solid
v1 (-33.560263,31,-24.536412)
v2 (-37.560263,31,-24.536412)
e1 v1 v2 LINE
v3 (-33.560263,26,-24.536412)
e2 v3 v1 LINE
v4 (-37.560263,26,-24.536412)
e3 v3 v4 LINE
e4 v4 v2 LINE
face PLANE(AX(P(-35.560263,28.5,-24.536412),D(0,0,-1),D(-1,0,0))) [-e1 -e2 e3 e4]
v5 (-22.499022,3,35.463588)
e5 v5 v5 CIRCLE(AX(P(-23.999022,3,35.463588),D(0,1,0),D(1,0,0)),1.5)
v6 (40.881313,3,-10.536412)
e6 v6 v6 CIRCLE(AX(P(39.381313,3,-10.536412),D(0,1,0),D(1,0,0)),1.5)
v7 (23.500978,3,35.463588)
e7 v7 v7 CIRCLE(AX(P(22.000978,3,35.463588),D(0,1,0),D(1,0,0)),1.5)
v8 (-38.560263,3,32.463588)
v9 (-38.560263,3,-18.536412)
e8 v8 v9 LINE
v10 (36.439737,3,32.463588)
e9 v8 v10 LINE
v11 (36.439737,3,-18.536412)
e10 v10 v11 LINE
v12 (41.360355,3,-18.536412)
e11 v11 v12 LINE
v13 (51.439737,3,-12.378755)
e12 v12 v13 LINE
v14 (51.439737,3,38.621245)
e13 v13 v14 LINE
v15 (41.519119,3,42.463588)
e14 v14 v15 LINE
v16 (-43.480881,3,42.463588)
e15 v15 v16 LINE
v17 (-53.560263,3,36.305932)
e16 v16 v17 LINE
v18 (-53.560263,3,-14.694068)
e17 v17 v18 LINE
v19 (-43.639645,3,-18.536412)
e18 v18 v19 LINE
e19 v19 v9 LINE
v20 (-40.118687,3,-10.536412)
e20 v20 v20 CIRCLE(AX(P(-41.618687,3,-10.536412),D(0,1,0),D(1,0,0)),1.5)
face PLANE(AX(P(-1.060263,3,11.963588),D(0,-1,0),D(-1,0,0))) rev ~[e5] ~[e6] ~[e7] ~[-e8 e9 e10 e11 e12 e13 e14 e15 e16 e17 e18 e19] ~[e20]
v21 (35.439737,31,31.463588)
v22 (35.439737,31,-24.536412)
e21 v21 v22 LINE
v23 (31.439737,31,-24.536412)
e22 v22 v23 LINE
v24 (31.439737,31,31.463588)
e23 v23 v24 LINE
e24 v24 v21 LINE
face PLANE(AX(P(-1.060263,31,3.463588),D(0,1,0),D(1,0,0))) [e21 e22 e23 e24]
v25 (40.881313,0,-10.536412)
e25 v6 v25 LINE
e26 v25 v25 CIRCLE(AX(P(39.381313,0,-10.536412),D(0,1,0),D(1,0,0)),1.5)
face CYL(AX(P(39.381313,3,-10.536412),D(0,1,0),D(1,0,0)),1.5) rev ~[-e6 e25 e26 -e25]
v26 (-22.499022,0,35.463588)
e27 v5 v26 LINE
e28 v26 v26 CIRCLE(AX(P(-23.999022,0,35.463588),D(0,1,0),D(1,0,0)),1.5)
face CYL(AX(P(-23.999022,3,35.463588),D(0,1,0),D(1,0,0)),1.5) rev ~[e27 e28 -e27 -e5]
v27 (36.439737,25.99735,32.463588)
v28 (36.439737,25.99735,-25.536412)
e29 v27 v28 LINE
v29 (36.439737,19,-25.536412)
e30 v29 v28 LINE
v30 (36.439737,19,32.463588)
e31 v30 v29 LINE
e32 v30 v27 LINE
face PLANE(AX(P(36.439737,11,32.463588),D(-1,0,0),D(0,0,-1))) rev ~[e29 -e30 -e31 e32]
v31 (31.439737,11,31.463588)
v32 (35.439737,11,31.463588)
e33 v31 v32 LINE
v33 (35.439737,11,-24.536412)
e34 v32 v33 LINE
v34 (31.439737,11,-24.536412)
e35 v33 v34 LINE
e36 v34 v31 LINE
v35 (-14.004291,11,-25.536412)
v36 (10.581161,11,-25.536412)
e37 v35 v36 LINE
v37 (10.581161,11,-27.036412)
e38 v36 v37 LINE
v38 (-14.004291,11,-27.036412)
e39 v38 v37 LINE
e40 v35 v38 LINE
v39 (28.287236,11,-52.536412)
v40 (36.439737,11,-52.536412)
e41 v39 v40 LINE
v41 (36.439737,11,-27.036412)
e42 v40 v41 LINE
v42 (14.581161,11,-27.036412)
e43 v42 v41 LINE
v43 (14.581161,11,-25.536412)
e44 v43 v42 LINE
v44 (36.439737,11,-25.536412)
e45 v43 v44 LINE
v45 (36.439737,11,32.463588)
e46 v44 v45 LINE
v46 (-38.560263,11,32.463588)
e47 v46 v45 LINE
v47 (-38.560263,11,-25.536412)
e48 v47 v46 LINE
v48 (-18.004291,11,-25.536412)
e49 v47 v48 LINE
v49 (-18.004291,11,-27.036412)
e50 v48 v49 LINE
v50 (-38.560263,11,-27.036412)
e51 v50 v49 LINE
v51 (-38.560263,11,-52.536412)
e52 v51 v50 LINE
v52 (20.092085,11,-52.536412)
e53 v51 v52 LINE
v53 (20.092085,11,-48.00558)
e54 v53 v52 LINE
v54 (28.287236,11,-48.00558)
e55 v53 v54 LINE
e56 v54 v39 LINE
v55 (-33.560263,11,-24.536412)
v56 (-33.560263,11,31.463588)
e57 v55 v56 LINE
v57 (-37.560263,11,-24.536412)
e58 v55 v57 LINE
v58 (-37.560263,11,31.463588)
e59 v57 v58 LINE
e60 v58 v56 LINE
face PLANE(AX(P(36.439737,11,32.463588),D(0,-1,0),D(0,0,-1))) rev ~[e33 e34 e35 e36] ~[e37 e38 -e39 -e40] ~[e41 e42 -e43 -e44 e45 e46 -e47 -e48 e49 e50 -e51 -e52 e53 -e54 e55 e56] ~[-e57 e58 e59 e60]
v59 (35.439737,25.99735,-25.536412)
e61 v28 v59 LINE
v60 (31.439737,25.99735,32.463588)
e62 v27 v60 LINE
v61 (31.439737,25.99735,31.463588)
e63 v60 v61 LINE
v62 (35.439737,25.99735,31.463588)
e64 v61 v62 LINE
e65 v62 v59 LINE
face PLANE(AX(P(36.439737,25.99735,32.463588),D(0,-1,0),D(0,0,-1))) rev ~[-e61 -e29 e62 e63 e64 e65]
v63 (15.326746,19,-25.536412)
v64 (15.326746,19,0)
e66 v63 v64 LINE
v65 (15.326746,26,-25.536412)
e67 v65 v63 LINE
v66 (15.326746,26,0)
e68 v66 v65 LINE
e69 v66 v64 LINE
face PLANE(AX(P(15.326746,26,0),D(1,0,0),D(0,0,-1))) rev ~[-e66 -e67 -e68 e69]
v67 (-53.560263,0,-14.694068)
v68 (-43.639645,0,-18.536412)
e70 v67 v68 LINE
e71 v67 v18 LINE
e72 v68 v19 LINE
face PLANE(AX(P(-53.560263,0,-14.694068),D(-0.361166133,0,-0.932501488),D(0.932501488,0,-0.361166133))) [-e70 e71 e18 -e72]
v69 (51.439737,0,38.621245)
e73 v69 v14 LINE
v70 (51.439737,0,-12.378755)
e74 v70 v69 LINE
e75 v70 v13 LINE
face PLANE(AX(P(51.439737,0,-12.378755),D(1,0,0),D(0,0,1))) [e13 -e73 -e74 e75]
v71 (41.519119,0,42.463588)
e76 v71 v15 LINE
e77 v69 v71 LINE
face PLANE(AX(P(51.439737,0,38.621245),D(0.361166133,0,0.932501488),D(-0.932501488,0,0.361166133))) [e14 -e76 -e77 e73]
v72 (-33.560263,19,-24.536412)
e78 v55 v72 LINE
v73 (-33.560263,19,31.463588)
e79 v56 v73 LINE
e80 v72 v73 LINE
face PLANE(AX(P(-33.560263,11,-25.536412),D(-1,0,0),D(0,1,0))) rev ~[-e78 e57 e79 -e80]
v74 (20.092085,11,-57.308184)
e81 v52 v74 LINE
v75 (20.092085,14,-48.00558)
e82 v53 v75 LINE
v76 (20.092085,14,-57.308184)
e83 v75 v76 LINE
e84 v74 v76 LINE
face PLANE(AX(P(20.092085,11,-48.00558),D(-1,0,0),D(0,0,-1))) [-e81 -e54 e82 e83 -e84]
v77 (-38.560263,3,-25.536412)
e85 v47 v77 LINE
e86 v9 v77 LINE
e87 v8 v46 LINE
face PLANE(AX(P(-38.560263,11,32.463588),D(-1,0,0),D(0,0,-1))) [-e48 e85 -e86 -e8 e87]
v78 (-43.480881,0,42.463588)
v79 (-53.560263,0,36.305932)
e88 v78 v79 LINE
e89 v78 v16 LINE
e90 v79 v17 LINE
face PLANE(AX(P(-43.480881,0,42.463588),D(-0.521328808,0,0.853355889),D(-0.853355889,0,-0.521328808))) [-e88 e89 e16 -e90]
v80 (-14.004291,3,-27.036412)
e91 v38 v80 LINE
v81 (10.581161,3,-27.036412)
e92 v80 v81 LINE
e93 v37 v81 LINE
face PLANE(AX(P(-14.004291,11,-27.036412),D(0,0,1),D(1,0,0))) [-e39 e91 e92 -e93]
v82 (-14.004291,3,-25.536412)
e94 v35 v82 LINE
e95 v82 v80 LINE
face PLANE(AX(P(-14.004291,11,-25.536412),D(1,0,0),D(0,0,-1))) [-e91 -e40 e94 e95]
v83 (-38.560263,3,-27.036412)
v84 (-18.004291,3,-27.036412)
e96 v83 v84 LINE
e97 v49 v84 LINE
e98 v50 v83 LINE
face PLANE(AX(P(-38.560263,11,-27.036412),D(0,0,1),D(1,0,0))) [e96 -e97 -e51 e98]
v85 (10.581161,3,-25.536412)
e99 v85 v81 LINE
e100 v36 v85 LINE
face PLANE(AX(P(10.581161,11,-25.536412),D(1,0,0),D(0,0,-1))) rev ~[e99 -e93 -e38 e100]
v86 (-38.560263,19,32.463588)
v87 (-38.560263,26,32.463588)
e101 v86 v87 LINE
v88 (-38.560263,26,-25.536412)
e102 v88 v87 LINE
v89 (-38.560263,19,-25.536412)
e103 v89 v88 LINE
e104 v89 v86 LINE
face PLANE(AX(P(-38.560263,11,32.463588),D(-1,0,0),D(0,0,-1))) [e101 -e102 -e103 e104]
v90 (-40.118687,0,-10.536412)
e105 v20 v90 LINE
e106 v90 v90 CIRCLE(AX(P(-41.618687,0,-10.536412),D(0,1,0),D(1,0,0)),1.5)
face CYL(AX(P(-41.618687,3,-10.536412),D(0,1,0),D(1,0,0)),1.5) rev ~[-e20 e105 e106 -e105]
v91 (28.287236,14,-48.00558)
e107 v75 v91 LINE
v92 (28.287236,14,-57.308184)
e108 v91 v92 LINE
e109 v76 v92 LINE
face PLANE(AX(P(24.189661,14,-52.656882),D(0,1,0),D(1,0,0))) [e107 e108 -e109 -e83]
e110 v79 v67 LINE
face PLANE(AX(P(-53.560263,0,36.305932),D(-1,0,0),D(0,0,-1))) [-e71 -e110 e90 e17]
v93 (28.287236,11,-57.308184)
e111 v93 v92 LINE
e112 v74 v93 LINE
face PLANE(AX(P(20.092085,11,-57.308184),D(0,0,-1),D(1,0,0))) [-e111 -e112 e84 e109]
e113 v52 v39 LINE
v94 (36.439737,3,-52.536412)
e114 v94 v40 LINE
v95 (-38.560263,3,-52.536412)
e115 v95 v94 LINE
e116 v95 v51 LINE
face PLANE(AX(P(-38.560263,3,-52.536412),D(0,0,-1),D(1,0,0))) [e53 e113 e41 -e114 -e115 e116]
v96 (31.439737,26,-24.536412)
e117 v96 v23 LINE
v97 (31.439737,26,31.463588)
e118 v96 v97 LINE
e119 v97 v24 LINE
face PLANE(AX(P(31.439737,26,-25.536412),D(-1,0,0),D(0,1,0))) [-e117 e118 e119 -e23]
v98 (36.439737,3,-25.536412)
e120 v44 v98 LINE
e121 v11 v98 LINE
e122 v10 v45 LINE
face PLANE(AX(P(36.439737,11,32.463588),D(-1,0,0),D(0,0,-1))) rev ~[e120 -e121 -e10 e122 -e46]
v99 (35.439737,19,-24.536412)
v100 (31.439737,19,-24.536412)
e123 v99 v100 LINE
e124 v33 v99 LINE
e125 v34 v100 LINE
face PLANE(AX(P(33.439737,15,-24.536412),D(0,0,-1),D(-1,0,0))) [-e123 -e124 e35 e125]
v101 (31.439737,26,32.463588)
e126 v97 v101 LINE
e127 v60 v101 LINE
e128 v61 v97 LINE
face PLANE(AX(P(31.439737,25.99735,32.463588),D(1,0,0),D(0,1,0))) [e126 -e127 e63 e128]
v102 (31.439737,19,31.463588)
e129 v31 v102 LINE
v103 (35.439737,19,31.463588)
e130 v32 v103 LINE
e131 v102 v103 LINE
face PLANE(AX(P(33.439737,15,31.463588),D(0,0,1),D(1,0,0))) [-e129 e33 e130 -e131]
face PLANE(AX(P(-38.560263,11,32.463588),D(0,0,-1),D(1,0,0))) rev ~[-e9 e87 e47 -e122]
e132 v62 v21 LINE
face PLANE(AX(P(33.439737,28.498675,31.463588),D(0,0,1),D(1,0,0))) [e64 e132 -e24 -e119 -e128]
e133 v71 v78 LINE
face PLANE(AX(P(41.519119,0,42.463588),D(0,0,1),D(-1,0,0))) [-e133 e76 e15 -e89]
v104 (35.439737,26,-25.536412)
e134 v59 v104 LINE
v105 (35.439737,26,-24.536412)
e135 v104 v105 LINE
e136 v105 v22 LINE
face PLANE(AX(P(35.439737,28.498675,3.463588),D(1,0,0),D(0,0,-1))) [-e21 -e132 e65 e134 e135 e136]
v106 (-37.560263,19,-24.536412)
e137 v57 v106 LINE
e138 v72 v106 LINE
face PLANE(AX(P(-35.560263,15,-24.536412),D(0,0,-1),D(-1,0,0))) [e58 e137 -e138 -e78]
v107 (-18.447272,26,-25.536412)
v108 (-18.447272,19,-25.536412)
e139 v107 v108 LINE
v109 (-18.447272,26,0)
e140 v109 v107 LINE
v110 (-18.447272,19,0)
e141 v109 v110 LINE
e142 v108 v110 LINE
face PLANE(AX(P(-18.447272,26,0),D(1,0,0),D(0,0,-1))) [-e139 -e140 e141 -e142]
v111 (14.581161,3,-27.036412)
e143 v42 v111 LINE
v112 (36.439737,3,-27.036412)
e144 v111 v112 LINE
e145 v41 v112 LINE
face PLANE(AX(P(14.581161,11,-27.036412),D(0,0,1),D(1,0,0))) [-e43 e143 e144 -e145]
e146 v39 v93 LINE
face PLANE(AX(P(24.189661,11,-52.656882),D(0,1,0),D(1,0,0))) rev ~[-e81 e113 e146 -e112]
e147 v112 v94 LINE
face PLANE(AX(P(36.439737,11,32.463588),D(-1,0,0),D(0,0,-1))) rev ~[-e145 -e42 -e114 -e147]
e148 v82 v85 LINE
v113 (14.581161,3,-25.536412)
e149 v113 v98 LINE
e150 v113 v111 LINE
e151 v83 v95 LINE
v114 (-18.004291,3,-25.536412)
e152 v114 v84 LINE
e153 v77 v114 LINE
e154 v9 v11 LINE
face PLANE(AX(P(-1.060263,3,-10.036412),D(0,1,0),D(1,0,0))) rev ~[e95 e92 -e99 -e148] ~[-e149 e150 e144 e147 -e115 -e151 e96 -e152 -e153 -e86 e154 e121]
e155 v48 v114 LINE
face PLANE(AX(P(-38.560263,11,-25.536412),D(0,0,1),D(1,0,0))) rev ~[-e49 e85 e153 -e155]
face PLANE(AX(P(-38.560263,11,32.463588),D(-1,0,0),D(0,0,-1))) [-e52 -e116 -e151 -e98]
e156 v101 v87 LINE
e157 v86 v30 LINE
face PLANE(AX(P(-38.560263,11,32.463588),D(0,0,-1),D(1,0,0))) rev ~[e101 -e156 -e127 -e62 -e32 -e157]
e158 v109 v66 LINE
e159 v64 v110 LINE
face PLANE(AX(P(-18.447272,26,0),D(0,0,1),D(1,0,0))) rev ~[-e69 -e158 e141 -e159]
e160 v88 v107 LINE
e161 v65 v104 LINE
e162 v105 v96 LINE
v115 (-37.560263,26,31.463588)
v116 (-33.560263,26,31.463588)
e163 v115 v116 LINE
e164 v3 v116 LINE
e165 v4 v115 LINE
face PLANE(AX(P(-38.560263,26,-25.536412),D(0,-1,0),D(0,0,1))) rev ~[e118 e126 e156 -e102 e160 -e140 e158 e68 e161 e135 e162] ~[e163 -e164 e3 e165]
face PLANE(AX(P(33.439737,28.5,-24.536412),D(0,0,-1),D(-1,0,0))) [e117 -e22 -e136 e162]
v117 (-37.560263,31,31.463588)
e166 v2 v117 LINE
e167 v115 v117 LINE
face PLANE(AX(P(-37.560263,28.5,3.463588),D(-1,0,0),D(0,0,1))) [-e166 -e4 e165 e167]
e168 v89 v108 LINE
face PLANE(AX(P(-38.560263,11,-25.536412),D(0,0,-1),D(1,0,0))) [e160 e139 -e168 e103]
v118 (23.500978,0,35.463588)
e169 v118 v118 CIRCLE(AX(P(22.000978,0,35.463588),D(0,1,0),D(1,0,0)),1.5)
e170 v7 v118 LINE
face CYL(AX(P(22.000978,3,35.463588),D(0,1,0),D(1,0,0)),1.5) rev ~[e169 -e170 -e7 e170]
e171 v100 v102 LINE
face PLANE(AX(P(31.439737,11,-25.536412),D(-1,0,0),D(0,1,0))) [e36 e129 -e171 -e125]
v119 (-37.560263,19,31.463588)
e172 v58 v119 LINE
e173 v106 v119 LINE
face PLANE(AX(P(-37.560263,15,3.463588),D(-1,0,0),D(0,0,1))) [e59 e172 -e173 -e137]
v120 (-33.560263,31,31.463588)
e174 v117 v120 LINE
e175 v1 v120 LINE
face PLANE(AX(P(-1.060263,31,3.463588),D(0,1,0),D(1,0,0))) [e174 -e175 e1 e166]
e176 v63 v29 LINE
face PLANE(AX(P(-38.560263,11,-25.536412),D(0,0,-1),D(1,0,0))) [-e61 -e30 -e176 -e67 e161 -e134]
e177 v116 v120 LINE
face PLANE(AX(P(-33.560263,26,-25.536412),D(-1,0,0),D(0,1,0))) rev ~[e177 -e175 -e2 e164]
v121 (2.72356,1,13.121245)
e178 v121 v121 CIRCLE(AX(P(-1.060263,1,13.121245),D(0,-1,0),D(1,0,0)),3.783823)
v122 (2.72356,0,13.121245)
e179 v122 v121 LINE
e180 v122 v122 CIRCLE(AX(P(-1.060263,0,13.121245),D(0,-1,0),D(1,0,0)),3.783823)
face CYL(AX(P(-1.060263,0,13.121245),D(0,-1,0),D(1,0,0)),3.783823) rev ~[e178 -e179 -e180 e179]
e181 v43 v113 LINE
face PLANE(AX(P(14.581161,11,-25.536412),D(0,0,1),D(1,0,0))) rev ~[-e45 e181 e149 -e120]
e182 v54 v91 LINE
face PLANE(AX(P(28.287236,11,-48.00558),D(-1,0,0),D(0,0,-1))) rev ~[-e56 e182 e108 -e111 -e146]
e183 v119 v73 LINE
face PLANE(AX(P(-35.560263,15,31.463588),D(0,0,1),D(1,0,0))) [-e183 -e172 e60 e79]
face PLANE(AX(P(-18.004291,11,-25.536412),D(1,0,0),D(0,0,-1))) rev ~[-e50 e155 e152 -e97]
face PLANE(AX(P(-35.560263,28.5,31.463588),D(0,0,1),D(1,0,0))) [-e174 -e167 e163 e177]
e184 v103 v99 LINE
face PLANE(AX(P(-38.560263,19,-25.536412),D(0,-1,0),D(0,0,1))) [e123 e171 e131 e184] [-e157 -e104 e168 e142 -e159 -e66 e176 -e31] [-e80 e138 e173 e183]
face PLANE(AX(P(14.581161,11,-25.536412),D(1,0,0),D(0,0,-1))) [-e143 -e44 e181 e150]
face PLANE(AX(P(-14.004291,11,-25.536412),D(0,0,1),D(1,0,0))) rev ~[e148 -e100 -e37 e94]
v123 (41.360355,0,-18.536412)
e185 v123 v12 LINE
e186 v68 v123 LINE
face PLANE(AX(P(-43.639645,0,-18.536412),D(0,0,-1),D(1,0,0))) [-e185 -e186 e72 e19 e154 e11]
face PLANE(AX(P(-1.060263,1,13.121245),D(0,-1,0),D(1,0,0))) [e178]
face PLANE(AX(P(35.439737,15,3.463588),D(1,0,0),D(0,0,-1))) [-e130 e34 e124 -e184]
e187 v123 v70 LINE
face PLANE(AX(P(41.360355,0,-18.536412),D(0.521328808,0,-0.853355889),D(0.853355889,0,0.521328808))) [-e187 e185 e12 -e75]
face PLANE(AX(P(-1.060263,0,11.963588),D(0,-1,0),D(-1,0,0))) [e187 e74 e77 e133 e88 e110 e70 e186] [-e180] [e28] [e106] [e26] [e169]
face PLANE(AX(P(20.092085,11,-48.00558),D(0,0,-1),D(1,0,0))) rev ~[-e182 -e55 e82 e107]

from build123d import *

# Parameters (mm, degrees)
BOSS_EXTRU_1_DEPTH      = 3
ESQUISSE2_R             = 1.5
ENL_V_MAT_EXTRU_1_DEPTH = 3
ESQUISSE3_W             = 75
ESQUISSE3_H             = 85
BOSS_EXTRU_2_DEPTH      = 8
ESQUISSE5_W             = 75
ESQUISSE5_H             = 58
BOSS_EXTRU_4_DEPTH      = 20
ESQUISSE6_R             = 3.783823372
ENL_V_MAT_EXTRU_2_DEPTH = 1
ESQUISSE8_W             = 65
ESQUISSE8_H             = 8
ESQUISSE8_H_2           = 5
ENL_V_MAT_EXTRU_3_DEPTH = 86
ESQUISSE9_W             = 58
ESQUISSE9_H             = 8
ESQUISSE9_H_2           = 5
ENL_V_MAT_EXTRU_4_DEPTH = 1
ESQUISSE10_W            = 58
ESQUISSE10_H            = 5.00265017
ESQUISSE10_H_2          = 8
ENL_V_MAT_EXTRU_5_DEPTH = 1
ESQUISSE11_W            = 4
ESQUISSE11_H            = 5
ESQUISSE11_H_2          = 8
ENL_V_MAT_EXTRU_6_DEPTH = 1
ESQUISSE12_W            = 4
ESQUISSE12_H            = 5
ESQUISSE12_H_2          = 8
ESQUISSE12_H_3          = 5.00265017
ENL_V_MAT_EXTRU_7_DEPTH = 1
ESQUISSE13_W            = 33.774018013
ESQUISSE13_H            = 51.072823149
ENL_V_MAT_EXTRU_8_DEPTH = 8
ESQUISSE14_W            = 20.555972115
ESQUISSE14_H            = 1.5
ESQUISSE14_W_2          = 21.85857566
ESQUISSE14_W_3          = 24.585452225
ENL_V_MAT_EXTRU_9_DEPTH = 8
ESQUISSE15_W            = 8.195150742
ESQUISSE15_H            = 9.302603545
BOSS_EXTRU_5_DEPTH      = 3


with BuildPart() as part:
    # Esquisse1 → Boss.-Extru.1 (new body)
    with BuildSketch(Plane(origin=(0, 0, 0), x_dir=(1, 0, 0), z_dir=(0, 1, 0))):
        Polygon((-53.560263118, 14.694067924), (-43.639645315, 18.536411574), (41.360354685, 18.536411574), (51.439736882, 12.378755225), (51.439736882, -38.621244775), (41.519119079, -42.463588426), (-43.480880921, -42.463588426), (-53.560263118, -36.305932076), align=None)
    extrude(amount=BOSS_EXTRU_1_DEPTH)

    # Esquisse2 → Enlèv. mat.-Extru.1 (cut)
    with BuildSketch(Plane(origin=(0, 3, 0), x_dir=(1, 0, 0), z_dir=(0, 1, 0))):
        with Locations((39.381313418, 10.536411574)):
            Circle(ESQUISSE2_R)
        with Locations((-41.618686582, 10.536411574)):
            Circle(ESQUISSE2_R)
        with Locations((-23.999021885, -35.463588426)):
            Circle(ESQUISSE2_R)
        with Locations((22.000978115, -35.463588426)):
            Circle(ESQUISSE2_R)
    extrude(amount=-ENL_V_MAT_EXTRU_1_DEPTH, mode=Mode.SUBTRACT)

    # Esquisse3 → Boss.-Extru.2 (add)
    with BuildSketch(Plane(origin=(0, 3, 0), x_dir=(1, 0, 0), z_dir=(0, 1, 0))):
        with Locations((-1.060263118, 10.036411574)):
            Rectangle(ESQUISSE3_W, ESQUISSE3_H)
    extrude(amount=BOSS_EXTRU_2_DEPTH)

    # Esquisse5 → Boss.-Extru.4 (add)
    with BuildSketch(Plane(origin=(0, 11, 0), x_dir=(1, 0, 0), z_dir=(0, 1, 0))):
        with Locations((-1.060263118, -3.463588426)):
            Rectangle(ESQUISSE5_W, ESQUISSE5_H)
    extrude(amount=BOSS_EXTRU_4_DEPTH)

    # Esquisse6 → Enlèv. mat.-Extru.2 (cut)
    with BuildSketch(Plane.XZ):
        with Locations((-1.060263118, 13.121244775)):
            Circle(ESQUISSE6_R)
    extrude(amount=-ENL_V_MAT_EXTRU_2_DEPTH, mode=Mode.SUBTRACT)

    # Esquisse8 → Enlèv. mat.-Extru.3 (cut)
    with BuildSketch(Plane(origin=(0, 0, -25.536411574), x_dir=(-1, 0, 0), z_dir=(0, 0, -1))):
        with Locations((1.060263118, 15)):
            Rectangle(ESQUISSE8_W, ESQUISSE8_H)
        with Locations((1.060263118, 28.5)):
            Rectangle(ESQUISSE8_W, ESQUISSE8_H_2)
    extrude(amount=-ENL_V_MAT_EXTRU_3_DEPTH, mode=Mode.SUBTRACT)

    # Esquisse9 → Enlèv. mat.-Extru.4 (cut)
    with BuildSketch(Plane.ZY.offset(38.560263118)):
        with Locations((3.463588426, 15)):
            Rectangle(ESQUISSE9_W, ESQUISSE9_H)
        with Locations((3.463588426, 28.5)):
            Rectangle(ESQUISSE9_W, ESQUISSE9_H_2)
    extrude(amount=-ENL_V_MAT_EXTRU_4_DEPTH, mode=Mode.SUBTRACT)

    # Esquisse10 → Enlèv. mat.-Extru.5 (cut)
    with BuildSketch(Plane(origin=(36.439736882, 0, 0), x_dir=(0, 0, -1), z_dir=(1, 0, 0))):
        with Locations((-3.463588426, 28.498674915)):
            Rectangle(ESQUISSE10_W, ESQUISSE10_H)
        with Locations((-3.463588426, 15)):
            Rectangle(ESQUISSE10_W, ESQUISSE10_H_2)
    extrude(amount=-ENL_V_MAT_EXTRU_5_DEPTH, mode=Mode.SUBTRACT)

    # Esquisse11 → Enlèv. mat.-Extru.6 (cut)
    with BuildSketch(Plane(origin=(0, 0, -25.536411574), x_dir=(-1, 0, 0), z_dir=(0, 0, -1))):
        with Locations((-33.439736882, 28.5)):
            Rectangle(ESQUISSE11_W, ESQUISSE11_H)
        with Locations((-33.439736882, 15)):
            Rectangle(ESQUISSE11_W, ESQUISSE11_H_2)
        with Locations((35.560263118, 15)):
            Rectangle(ESQUISSE11_W, ESQUISSE11_H_2)
        with Locations((35.560263118, 28.5)):
            Rectangle(ESQUISSE11_W, ESQUISSE11_H)
    extrude(amount=-ENL_V_MAT_EXTRU_6_DEPTH, mode=Mode.SUBTRACT)

    # Esquisse12 → Enlèv. mat.-Extru.7 (cut)
    with BuildSketch(Plane.XY.offset(32.463588426)):
        with Locations((-35.560263118, 28.5)):
            Rectangle(ESQUISSE12_W, ESQUISSE12_H)
        with Locations((-35.560263118, 15)):
            Rectangle(ESQUISSE12_W, ESQUISSE12_H_2)
        with Locations((33.439736882, 28.498674915)):
            Rectangle(ESQUISSE12_W, ESQUISSE12_H_3)
        with Locations((33.439736882, 15)):
            Rectangle(ESQUISSE12_W, ESQUISSE12_H_2)
    extrude(amount=-ENL_V_MAT_EXTRU_7_DEPTH, mode=Mode.SUBTRACT)

    # Esquisse13 → Enlèv. mat.-Extru.8 (cut)
    with BuildSketch(Plane(origin=(0, 26, 0), x_dir=(1, 0, 0), z_dir=(0, 1, 0))):
        with Locations((-1.560263118, 25.536411575)):
            Rectangle(ESQUISSE13_W, ESQUISSE13_H)
    extrude(amount=-ENL_V_MAT_EXTRU_8_DEPTH, mode=Mode.SUBTRACT)

    # Esquisse14 → Enlèv. mat.-Extru.9 (cut)
    with BuildSketch(Plane(origin=(0, 11, 0), x_dir=(1, 0, 0), z_dir=(0, 1, 0))):
        with Locations((-28.282277061, 26.286411574)):
            Rectangle(ESQUISSE14_W, ESQUISSE14_H)
        with Locations((25.510449052, 26.286411574)):
            Rectangle(ESQUISSE14_W_2, ESQUISSE14_H)
        with Locations((-1.711564891, 26.286411574)):
            Rectangle(ESQUISSE14_W_3, ESQUISSE14_H)
    extrude(amount=-ENL_V_MAT_EXTRU_9_DEPTH, mode=Mode.SUBTRACT)

    # Esquisse15 → Boss.-Extru.5 (add)
    with BuildSketch(Plane(origin=(0, 11, 0), x_dir=(1, 0, 0), z_dir=(0, 1, 0))):
        with Locations((24.189660789, 52.656882102)):
            Rectangle(ESQUISSE15_W, ESQUISSE15_H)
    extrude(amount=BOSS_EXTRU_5_DEPTH)


solid = part.part
